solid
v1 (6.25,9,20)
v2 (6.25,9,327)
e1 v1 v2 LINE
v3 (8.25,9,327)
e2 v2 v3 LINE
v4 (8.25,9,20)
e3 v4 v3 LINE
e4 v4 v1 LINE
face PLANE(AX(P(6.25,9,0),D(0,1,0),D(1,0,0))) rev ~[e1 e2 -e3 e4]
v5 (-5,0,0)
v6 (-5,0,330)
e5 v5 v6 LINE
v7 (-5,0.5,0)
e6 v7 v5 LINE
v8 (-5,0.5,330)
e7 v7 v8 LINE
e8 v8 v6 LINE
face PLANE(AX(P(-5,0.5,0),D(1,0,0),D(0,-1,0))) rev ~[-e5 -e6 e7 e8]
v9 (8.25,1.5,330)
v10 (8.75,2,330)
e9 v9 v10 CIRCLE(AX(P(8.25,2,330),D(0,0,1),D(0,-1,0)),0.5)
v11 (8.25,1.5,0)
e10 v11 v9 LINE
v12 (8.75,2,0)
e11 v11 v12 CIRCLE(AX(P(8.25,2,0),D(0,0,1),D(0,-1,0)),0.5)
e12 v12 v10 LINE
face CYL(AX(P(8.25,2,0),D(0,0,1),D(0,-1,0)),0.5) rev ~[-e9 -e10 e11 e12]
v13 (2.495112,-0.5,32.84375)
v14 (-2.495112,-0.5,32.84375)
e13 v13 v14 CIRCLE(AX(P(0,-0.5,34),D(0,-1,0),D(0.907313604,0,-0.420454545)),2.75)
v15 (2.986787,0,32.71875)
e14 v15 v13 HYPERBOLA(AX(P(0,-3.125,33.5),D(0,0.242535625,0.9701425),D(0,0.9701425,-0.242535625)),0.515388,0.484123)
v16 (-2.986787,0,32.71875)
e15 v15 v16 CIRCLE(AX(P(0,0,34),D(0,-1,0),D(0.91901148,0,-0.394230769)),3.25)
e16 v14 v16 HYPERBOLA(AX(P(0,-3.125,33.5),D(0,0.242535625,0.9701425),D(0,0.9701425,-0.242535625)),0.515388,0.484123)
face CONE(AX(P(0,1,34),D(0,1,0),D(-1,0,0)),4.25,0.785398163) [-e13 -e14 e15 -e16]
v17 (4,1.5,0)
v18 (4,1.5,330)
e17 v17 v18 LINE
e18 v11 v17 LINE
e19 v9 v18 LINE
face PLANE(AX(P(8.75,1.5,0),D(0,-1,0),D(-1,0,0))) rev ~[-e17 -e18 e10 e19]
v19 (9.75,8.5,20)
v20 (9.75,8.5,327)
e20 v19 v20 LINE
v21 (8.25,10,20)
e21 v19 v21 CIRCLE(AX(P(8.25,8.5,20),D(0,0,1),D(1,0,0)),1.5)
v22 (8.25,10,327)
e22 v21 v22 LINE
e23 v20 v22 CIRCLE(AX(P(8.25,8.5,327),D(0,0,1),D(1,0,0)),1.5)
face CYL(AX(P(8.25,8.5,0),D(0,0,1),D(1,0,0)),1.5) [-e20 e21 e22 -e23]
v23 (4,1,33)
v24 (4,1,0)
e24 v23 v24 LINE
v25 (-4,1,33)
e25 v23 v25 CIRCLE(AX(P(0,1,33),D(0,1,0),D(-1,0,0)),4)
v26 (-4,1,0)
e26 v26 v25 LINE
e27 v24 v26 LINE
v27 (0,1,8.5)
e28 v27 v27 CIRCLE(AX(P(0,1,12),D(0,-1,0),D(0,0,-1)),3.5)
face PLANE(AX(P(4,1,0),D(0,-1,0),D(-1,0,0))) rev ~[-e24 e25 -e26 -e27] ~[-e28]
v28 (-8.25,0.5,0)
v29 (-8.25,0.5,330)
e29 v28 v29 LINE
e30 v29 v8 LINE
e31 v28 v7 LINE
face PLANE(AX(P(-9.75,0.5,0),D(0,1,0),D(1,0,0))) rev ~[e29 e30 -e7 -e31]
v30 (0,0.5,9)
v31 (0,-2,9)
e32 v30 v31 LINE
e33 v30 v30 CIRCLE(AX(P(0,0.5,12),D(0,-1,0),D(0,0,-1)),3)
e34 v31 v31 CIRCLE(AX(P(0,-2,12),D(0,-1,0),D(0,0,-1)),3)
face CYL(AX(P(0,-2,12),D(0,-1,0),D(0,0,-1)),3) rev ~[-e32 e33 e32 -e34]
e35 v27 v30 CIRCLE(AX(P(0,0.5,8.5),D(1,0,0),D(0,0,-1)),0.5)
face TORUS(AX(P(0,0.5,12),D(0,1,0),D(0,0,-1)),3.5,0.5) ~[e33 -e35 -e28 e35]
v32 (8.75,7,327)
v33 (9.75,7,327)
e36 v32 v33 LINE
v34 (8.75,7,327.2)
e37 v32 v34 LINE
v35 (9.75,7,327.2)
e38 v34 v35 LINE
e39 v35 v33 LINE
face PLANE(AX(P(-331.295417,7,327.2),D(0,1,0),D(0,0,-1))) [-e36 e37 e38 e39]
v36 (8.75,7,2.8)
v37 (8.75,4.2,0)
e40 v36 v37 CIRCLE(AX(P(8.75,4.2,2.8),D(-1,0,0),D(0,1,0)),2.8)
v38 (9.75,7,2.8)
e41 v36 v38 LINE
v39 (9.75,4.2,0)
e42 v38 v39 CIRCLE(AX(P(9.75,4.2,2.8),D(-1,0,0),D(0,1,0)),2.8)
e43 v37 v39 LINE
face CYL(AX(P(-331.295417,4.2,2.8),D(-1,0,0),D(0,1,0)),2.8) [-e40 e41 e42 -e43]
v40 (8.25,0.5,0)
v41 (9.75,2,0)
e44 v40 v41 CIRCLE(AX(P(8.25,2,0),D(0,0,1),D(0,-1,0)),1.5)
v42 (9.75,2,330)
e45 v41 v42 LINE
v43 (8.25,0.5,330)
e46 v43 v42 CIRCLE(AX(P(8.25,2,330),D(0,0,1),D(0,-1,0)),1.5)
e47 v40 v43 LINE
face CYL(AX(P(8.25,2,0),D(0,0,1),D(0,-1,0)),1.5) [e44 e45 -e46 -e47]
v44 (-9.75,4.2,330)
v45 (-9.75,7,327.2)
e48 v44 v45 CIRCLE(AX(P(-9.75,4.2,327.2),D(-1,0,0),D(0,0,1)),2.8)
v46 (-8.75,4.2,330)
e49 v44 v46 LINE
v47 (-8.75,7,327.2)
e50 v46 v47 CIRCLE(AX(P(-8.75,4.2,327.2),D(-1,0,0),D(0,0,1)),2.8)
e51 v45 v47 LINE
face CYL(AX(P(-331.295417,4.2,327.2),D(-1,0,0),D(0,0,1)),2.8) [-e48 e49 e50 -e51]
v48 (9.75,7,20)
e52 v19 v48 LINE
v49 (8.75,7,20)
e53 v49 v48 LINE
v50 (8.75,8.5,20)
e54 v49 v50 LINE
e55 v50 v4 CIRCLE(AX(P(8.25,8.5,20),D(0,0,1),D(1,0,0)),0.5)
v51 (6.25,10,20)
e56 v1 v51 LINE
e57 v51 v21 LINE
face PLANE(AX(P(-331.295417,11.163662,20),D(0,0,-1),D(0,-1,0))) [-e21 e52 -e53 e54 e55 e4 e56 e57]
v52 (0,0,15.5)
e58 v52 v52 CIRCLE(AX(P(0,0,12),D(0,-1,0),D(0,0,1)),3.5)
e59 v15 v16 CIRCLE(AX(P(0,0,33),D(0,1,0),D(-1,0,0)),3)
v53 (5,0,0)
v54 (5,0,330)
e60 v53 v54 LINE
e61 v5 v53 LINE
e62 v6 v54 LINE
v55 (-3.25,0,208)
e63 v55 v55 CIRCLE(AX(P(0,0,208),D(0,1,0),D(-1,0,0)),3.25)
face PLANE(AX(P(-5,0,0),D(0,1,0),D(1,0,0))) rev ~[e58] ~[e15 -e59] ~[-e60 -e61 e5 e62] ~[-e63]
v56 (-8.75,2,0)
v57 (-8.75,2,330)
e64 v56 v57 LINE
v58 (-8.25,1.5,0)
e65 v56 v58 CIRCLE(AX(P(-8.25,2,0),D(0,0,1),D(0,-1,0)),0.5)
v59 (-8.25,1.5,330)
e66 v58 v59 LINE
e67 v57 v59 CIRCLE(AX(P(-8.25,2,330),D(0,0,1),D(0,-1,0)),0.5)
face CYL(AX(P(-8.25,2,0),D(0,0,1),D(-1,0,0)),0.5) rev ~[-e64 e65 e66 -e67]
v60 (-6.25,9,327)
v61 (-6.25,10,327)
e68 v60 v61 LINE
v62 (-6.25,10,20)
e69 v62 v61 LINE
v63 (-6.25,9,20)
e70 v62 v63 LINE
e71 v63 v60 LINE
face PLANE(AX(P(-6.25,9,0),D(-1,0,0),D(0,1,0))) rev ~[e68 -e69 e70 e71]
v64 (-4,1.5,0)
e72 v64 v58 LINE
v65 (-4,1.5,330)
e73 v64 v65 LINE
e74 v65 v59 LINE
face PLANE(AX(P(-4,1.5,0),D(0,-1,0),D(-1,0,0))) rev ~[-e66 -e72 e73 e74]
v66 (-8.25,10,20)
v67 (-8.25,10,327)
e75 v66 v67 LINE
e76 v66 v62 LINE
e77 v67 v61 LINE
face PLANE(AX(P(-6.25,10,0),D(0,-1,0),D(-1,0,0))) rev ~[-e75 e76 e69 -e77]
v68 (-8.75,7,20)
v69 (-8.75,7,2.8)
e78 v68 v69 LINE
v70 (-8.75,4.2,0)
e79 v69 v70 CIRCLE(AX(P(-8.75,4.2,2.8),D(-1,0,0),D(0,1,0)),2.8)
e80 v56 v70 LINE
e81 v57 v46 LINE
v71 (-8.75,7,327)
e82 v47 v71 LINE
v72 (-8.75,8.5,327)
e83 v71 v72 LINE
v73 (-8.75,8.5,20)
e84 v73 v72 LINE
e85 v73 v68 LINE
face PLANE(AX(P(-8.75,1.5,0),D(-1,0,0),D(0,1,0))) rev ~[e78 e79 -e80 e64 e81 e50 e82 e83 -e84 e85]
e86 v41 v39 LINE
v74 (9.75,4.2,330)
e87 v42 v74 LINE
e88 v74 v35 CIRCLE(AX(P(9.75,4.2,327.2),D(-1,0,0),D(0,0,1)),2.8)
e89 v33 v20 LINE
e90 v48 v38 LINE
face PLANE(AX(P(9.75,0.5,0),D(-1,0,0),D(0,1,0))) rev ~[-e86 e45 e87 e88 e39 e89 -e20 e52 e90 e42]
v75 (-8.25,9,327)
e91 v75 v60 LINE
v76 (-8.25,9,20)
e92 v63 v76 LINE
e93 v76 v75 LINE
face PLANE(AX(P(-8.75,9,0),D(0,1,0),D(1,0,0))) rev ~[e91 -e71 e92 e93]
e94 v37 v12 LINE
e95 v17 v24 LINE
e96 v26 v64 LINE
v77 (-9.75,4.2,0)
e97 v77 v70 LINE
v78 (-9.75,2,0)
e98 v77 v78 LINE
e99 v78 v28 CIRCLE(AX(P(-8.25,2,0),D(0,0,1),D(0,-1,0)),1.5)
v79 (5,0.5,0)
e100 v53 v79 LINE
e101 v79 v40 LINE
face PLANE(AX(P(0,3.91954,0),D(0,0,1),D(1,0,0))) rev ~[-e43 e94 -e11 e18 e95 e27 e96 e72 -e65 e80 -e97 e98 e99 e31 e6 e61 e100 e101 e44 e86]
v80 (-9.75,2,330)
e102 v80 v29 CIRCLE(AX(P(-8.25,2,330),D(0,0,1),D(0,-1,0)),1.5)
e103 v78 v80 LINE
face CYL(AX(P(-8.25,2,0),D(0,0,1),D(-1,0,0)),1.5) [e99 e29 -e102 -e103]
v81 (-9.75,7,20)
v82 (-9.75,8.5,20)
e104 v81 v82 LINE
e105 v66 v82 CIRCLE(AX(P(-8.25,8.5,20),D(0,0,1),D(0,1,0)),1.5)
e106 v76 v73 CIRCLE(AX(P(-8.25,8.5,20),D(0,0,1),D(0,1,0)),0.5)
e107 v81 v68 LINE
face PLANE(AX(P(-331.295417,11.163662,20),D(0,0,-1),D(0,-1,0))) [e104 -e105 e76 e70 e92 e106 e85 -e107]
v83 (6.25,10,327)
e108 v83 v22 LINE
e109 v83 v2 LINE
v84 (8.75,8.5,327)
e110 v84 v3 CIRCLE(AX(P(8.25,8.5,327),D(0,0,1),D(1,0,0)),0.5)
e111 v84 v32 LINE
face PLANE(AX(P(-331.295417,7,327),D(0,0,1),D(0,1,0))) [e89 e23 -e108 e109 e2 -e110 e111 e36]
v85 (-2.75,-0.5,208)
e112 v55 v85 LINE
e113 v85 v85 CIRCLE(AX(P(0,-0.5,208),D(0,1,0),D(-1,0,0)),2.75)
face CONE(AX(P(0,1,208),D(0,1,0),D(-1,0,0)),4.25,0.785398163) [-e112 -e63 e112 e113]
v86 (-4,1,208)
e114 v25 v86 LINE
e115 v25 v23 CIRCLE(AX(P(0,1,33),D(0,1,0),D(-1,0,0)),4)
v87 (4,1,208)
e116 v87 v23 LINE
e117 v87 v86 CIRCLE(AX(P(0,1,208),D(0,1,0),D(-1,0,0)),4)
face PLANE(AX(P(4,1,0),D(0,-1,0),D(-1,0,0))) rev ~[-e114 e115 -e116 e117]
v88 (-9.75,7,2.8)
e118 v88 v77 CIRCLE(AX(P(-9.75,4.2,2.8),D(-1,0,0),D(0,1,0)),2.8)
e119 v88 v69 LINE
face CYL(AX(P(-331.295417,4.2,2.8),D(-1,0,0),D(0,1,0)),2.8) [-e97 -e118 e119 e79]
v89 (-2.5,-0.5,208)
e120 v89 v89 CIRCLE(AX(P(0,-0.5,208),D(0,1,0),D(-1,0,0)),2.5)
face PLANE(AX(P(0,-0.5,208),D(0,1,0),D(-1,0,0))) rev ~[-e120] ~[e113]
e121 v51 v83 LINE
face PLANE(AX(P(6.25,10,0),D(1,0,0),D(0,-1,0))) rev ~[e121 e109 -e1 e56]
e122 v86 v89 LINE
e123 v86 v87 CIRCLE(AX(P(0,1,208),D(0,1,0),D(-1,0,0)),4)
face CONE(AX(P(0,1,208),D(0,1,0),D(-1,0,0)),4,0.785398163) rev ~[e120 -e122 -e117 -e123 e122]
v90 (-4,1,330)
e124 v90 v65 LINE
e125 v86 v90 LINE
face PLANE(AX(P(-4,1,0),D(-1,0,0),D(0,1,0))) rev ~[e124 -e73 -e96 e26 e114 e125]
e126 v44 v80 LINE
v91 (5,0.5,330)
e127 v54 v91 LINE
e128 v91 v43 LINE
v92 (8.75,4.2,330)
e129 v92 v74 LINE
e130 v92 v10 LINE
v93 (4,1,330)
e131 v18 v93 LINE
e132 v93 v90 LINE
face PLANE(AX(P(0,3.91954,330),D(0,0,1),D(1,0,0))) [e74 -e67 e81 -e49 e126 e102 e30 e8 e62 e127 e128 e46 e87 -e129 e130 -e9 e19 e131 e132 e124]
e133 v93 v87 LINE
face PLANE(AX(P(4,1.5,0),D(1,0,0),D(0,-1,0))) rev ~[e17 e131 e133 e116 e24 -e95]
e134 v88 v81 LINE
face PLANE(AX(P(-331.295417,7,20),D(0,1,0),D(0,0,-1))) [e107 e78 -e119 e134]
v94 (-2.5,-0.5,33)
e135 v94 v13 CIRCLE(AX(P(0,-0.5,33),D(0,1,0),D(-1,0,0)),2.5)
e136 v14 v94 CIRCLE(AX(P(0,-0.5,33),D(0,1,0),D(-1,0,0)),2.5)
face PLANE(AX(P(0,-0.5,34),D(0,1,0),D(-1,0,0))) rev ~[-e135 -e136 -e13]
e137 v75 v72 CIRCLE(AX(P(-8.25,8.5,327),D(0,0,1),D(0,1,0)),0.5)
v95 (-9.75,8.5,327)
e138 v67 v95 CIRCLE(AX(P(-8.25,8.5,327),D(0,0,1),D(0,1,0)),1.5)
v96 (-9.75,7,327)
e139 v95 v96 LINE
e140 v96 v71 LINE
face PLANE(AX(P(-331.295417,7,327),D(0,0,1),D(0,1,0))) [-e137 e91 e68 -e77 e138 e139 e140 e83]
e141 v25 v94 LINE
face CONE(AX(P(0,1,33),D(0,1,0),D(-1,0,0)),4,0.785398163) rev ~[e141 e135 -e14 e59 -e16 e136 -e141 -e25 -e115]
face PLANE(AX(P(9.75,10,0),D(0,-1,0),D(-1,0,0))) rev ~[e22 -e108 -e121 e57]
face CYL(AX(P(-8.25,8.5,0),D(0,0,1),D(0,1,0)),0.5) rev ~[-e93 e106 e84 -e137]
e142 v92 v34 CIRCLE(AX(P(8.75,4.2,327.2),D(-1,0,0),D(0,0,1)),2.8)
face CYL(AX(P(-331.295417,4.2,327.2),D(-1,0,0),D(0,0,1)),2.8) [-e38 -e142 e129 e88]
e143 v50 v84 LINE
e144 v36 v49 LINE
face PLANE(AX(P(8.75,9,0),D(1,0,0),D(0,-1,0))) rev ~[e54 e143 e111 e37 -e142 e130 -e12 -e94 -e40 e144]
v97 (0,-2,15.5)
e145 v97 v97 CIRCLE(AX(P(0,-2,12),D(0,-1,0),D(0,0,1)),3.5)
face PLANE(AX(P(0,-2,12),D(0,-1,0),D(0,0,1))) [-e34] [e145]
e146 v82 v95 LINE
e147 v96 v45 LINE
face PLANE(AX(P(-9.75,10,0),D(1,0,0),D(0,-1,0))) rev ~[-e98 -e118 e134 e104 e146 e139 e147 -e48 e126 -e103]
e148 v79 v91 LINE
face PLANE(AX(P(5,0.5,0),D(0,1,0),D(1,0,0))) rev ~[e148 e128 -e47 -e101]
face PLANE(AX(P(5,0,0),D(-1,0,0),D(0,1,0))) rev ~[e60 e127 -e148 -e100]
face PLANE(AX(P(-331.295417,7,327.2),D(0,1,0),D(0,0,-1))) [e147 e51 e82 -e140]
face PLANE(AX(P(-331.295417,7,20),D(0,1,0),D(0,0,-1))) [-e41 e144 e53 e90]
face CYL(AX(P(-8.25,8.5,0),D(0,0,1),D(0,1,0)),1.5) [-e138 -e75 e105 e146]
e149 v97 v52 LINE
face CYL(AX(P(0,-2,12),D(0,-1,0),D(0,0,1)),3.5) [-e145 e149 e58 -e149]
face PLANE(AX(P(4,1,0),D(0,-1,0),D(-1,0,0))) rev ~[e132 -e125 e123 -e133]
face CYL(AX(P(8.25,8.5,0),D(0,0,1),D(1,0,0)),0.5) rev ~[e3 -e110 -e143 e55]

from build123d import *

# Parameters (mm, degrees)
BASE_EXTRU_MINCE_DEPTH            = 330
CONG_1_R                          = 1.5
CONG_2_R                          = 0.5
ENL_V_MAT_EXTRU_1_DEPTH           = 331.295417013
ENL_V_MAT_EXTRU_1_DEPTH_BACK      = 331.295417013
ESQUISSE3_R                       = 3
ENL_V_MAT_EXTRU_4_DEPTH           = 3
BOSS_EXTRU_1_START                = 2
ESQUISSE4_R                       = 3.5
ESQUISSE4_R_2                     = 3
BOSS_EXTRU_1_DEPTH                = 2
CONG_3_R                          = 0.5
ESQUISSE5_R                       = 4.25
BOSS_EXTRU_2_DEPTH                = 1.5
BOSS_EXTRU_2_DRAFT                = -45
BOSS_EXTRU_2_PROFILE_2_DEPTH      = 1.5
BOSS_EXTRU_2_PROFILE_2_DRAFT      = -45
ESQUISSE6_R                       = 4
ENL_V_MAT_EXTRU_6_DEPTH           = 2
ENL_V_MAT_EXTRU_6_DRAFT           = -45
ENL_V_MAT_EXTRU_6_PROFILE_2_DEPTH = 2
ENL_V_MAT_EXTRU_6_PROFILE_2_DRAFT = -45


with BuildPart() as part:
    # Esquisse1 → Base-Extru.-Mince (new body)
    with BuildSketch(Plane.XY):
        Polygon((-6.25, 10), (-9.75, 10), (-9.75, 0.5), (-5, 0.5), (-5, 0), (5, 0), (5, 0.5), (9.75, 0.5), (9.75, 10), (6.25, 10), (6.25, 9), (8.75, 9), (8.75, 1.5), (4, 1.5), (4, 1), (-4, 1), (-4, 1.5), (-8.75, 1.5), (-8.75, 9), (-6.25, 9), align=None)
    extrude(amount=BASE_EXTRU_MINCE_DEPTH)

    # Congé1
    cong_1_edges = [part.edges().sort_by_distance(p)[0] for p in [
        (-9.75, 10, 165),
        (-9.75, 0.5, 165),
        (9.75, 0.5, 165),
        (9.75, 10, 165),
    ]]
    fillet(cong_1_edges, radius=CONG_1_R)

    # Congé2
    cong_2_edges = [part.edges().sort_by_distance(p)[0] for p in [
        (-8.75, 9, 165),
        (-8.75, 1.5, 165),
        (8.75, 1.5, 165),
        (8.75, 9, 165),
    ]]
    fillet(cong_2_edges, radius=CONG_2_R)

    # Esquisse2 → Enlèv. mat.-Extru.1 (cut, two sides: drawn at the far end of the back side and taken through both)
    with BuildSketch(Plane(origin=(0, 0, 0), x_dir=(0, 0, -1), z_dir=(1, 0, 0)).offset(-ENL_V_MAT_EXTRU_1_DEPTH_BACK)):
        with BuildLine():
            Line((-330, 0), (-330, 4.2))
            ThreePointArc((-330, 4.2), (-329.179898987, 6.179898987), (-327.2, 7))
            Line((-327.2, 7), (-327, 7))
            Line((-327, 7), (-327, 10))
            Line((-327, 10), (-332.428830769, 10))
            Line((-332.428830769, 10), (-332.428830769, 0))
            Line((-332.428830769, 0), (-330, 0))
        make_face()
        with BuildLine():
            Line((0.919813001, 11.16366228), (-20, 11.16366228))
            Line((-20, 11.16366228), (-20, 7))
            Line((-20, 7), (-2.8, 7))
            ThreePointArc((-2.8, 7), (-0.820101013, 6.179898987), (0, 4.2))
            Line((0, 4.2), (0, 0))
            Line((0, 0), (0.919813001, 0))
            Line((0.919813001, 0), (0.919813001, 11.16366228))
        make_face()
    extrude(amount=ENL_V_MAT_EXTRU_1_DEPTH + ENL_V_MAT_EXTRU_1_DEPTH_BACK, mode=Mode.SUBTRACT)

    # Esquisse3 → Enlèv. mat.-Extru.4 (cut)
    with BuildSketch(Plane(origin=(0, 0, 0), x_dir=(1, 0, 0), z_dir=(0, 1, 0))):
        with Locations(Location((0, -12, 0), (0, 0, 90))):
            Circle(ESQUISSE3_R)
    extrude(amount=ENL_V_MAT_EXTRU_4_DEPTH, mode=Mode.SUBTRACT)

    # Esquisse4 → Boss.-Extru.1 (add)
    with BuildSketch(Plane.XZ.offset(BOSS_EXTRU_1_START)):
        with Locations(Location((0, 12, 0), (0, 0, 90))):
            Circle(ESQUISSE4_R)
        with Locations(Location((0, 12, 0), (0, 0, 270))):
            Circle(ESQUISSE4_R_2, mode=Mode.SUBTRACT)
    extrude(amount=-BOSS_EXTRU_1_DEPTH)

    # Congé3
    cong_3_edges = [part.edges().sort_by_distance(p)[0] for p in [
        (0, 1, 15),
    ]]
    fillet(cong_3_edges, radius=CONG_3_R)


with BuildPart() as boss_extru_2_tool:
    # Esquisse5 → Boss.-Extru.2 (with draft: the straight prism first)
    with BuildSketch(Plane(origin=(0, 1, 0), x_dir=(-1, 0, 0), z_dir=(0, 1, 0))):
        with Locations((0, 208)):
            Circle(ESQUISSE5_R)
    extrude(amount=-BOSS_EXTRU_2_DEPTH)
    # Boss.-Extru.2: the draft: its side faces are tilted about the plane it starts from
    boss_extru_2_sides = [boss_extru_2_tool.faces().sort_by_distance(p)[0] for p in [
        (4.25, 0.25, 208),
    ]]
    draft(boss_extru_2_sides, Plane(origin=(0, 1, 0), x_dir=(-1, 0, 0), z_dir=(0, 1, 0)), BOSS_EXTRU_2_DRAFT)


with BuildPart() as part_1:
    add(part.part)

    # Boss.-Extru.2: add boss_extru_2_tool
    add(boss_extru_2_tool.part)


with BuildPart() as boss_extru_2_profile_2_tool:
    # Esquisse5 → Boss.-Extru.2 profile 2 (with draft: the straight prism first)
    with BuildSketch(Plane(origin=(0, 1, 0), x_dir=(-1, 0, 0), z_dir=(0, 1, 0))):
        with Locations((0, 34)):
            Circle(ESQUISSE5_R)
    extrude(amount=-BOSS_EXTRU_2_PROFILE_2_DEPTH)
    # Boss.-Extru.2 profile 2: the draft: its side faces are tilted about the plane it starts from
    boss_extru_2_profile_2_sides = [boss_extru_2_profile_2_tool.faces().sort_by_distance(p)[0] for p in [
        (4.25, 0.25, 34),
    ]]
    draft(boss_extru_2_profile_2_sides, Plane(origin=(0, 1, 0), x_dir=(-1, 0, 0), z_dir=(0, 1, 0)), BOSS_EXTRU_2_PROFILE_2_DRAFT)


with BuildPart() as part_2:
    add(part_1.part)

    # Boss.-Extru.2 profile 2: add boss_extru_2_profile_2_tool
    add(boss_extru_2_profile_2_tool.part)


with BuildPart() as enl_v_mat_extru_6_tool:
    # Esquisse6 → Enlèv. mat.-Extru.6 (with draft: the straight prism first)
    with BuildSketch(Plane(origin=(0, 1, 0), x_dir=(-1, 0, 0), z_dir=(0, 1, 0))):
        with Locations((0, 33)):
            Circle(ESQUISSE6_R)
    extrude(amount=-ENL_V_MAT_EXTRU_6_DEPTH)
    # Enlèv. mat.-Extru.6: the draft: its side faces are tilted about the plane it starts from
    enl_v_mat_extru_6_sides = [enl_v_mat_extru_6_tool.faces().sort_by_distance(p)[0] for p in [
        (4, 0, 33),
    ]]
    draft(enl_v_mat_extru_6_sides, Plane(origin=(0, 1, 0), x_dir=(-1, 0, 0), z_dir=(0, 1, 0)), ENL_V_MAT_EXTRU_6_DRAFT)


with BuildPart() as part_3:
    add(part_2.part)

    # Enlèv. mat.-Extru.6: cut by enl_v_mat_extru_6_tool
    add(enl_v_mat_extru_6_tool.part, mode=Mode.SUBTRACT)


with BuildPart() as enl_v_mat_extru_6_profile_2_tool:
    # Esquisse6 → Enlèv. mat.-Extru.6 profile 2 (with draft: the straight prism first)
    with BuildSketch(Plane(origin=(0, 1, 0), x_dir=(-1, 0, 0), z_dir=(0, 1, 0))):
        with Locations((0, 208)):
            Circle(ESQUISSE6_R)
    extrude(amount=-ENL_V_MAT_EXTRU_6_PROFILE_2_DEPTH)
    # Enlèv. mat.-Extru.6 profile 2: the draft: its side faces are tilted about the plane it starts from
    enl_v_mat_extru_6_profile_2_sides = [enl_v_mat_extru_6_profile_2_tool.faces().sort_by_distance(p)[0] for p in [
        (4, 0, 208),
    ]]
    draft(enl_v_mat_extru_6_profile_2_sides, Plane(origin=(0, 1, 0), x_dir=(-1, 0, 0), z_dir=(0, 1, 0)), ENL_V_MAT_EXTRU_6_PROFILE_2_DRAFT)


with BuildPart() as part_4:
    add(part_3.part)

    # Enlèv. mat.-Extru.6 profile 2: cut by enl_v_mat_extru_6_profile_2_tool
    add(enl_v_mat_extru_6_profile_2_tool.part, mode=Mode.SUBTRACT)


solid = part_4.part
